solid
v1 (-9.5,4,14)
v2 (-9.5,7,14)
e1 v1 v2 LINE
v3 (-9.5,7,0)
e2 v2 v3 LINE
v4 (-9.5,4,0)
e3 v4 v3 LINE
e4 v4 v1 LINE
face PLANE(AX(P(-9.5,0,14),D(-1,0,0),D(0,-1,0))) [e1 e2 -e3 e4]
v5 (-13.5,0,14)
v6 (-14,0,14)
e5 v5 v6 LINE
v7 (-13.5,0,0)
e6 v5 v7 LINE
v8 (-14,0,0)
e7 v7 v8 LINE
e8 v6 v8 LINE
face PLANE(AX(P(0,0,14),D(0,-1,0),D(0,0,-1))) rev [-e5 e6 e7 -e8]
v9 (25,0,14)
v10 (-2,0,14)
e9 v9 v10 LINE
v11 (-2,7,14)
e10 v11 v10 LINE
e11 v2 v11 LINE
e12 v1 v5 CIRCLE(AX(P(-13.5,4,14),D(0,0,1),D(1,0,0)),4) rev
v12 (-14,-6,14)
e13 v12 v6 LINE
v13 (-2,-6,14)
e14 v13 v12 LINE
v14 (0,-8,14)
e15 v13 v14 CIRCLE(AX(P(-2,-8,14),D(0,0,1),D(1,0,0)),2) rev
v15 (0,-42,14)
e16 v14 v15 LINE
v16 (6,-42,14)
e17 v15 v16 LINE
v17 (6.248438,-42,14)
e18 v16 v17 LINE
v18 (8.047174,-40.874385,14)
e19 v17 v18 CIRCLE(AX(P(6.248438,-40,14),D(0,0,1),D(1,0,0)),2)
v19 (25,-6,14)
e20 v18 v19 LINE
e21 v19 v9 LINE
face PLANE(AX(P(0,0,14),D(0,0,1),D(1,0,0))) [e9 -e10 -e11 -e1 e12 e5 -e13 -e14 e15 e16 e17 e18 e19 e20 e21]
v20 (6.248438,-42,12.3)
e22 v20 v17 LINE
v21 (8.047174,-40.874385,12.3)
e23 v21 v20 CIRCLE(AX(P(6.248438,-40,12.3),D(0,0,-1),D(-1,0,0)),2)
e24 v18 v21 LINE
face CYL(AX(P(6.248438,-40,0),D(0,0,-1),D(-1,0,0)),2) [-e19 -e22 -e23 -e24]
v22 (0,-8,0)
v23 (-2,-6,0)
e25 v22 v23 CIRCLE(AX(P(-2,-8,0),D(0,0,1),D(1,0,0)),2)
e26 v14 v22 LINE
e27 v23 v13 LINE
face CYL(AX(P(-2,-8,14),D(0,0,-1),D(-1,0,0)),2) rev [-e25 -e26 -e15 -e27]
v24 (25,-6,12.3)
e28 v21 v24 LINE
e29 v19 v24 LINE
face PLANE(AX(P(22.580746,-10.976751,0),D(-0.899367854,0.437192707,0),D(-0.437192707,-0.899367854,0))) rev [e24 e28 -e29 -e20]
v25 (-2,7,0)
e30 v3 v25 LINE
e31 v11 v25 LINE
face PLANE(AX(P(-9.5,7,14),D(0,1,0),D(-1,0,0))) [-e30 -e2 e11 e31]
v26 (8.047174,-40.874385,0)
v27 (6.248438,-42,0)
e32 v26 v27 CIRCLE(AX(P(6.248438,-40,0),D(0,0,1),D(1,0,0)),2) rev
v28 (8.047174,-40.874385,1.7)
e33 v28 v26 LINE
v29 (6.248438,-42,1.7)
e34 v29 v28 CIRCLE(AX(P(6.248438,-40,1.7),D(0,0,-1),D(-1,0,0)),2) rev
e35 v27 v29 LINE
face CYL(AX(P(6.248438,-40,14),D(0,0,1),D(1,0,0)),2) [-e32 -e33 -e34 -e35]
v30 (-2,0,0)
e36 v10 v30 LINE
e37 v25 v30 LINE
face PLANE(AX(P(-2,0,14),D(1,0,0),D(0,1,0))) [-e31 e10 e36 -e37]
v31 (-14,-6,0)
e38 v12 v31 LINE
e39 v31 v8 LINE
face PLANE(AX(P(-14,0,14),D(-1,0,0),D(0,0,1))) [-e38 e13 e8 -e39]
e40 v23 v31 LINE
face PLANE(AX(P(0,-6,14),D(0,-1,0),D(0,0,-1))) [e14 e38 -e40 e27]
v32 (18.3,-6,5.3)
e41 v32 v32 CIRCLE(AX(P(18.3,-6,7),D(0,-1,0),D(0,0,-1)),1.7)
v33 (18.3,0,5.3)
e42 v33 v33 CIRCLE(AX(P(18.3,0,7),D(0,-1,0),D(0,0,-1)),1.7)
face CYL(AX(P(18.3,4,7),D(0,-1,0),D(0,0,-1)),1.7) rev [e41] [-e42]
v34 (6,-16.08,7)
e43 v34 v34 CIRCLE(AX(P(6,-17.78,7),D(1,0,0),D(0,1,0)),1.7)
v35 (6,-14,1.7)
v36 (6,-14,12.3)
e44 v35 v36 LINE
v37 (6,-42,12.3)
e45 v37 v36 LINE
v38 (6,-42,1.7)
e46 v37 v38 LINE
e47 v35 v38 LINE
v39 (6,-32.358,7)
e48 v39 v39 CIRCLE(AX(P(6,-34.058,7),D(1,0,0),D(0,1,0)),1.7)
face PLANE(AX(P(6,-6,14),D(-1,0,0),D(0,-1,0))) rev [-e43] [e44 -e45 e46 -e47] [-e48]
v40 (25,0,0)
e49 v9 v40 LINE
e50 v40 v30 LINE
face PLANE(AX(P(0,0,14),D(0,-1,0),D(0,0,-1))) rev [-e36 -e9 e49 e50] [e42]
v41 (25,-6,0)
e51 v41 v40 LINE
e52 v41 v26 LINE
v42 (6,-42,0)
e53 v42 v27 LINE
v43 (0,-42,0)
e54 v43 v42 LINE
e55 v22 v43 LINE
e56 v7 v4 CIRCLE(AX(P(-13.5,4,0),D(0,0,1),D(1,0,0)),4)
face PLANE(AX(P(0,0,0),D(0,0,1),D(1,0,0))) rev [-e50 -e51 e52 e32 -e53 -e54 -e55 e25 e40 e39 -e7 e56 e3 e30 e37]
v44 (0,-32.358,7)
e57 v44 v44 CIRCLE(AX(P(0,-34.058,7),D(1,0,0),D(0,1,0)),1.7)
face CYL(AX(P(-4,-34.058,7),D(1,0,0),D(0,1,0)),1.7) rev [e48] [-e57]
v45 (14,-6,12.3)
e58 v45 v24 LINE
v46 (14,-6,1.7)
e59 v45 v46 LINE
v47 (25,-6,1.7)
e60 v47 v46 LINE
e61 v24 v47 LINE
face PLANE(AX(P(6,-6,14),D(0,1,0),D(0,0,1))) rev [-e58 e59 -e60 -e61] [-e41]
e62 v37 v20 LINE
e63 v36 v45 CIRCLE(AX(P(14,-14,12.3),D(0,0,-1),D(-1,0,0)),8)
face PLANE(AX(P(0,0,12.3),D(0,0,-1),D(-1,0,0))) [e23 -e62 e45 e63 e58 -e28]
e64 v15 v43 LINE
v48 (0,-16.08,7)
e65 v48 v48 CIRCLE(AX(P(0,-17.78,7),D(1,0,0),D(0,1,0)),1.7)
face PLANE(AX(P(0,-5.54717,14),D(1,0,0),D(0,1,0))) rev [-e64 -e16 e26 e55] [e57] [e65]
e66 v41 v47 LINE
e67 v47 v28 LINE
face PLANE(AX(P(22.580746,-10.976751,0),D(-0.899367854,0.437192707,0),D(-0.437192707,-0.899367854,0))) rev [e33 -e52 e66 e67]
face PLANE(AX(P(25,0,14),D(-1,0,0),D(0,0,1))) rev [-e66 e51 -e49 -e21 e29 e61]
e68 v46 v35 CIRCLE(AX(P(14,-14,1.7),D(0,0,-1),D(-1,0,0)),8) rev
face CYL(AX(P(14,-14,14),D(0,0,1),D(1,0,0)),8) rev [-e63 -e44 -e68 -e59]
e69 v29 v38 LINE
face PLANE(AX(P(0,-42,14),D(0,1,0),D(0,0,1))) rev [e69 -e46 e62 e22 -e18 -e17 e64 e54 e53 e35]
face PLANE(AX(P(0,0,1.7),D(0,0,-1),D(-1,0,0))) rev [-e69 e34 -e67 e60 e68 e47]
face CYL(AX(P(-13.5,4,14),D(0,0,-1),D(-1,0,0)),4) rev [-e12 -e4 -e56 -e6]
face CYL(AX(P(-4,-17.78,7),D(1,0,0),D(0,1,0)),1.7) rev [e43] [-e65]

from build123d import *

# Parameters (mm, degrees)
BOSS_EXTRUDE1_DEPTH = 14
SKETCH2_R           = 1.7
CUT_EXTRUDE1_DEPTH  = 10
SKETCH3_R           = 1.7
CUT_EXTRUDE2_DEPTH  = 10
SKETCH14_W          = 14
SKETCH14_H          = 6
BOSS_EXTRUDE3_DEPTH = 14
FILLET8_R           = 2
SKETCH17_W          = 1.5
SKETCH17_H          = 1.7
SKETCH18_W          = 19
SKETCH18_H          = 1.7
SKETCH20_W          = 19
SKETCH20_H          = 1.7
SKETCH19_W          = 1.5
SKETCH19_H          = 1.7
FILLET9_R           = 8
SKETCH21_W          = 7.5
SKETCH21_H          = 7
BOSS_EXTRUDE4_DEPTH = 14
FILLET10_R          = 4
FILLET11_R          = 2
FILLET12_R          = 2


with BuildPart() as part:
    # Sketch1 → Boss-Extrude1 (new body)
    with BuildSketch(Plane.XY):
        Polygon((0, 0), (25, 0), (25, -6), (6, -6), (6, -42), (0, -42), (0, -5.547169811), align=None)
    extrude(amount=BOSS_EXTRUDE1_DEPTH)

    # Sketch2 → Cut-Extrude1 (cut)
    with BuildSketch(Plane(origin=(6, 0, 0), x_dir=(0, 0, -1), z_dir=(1, 0, 0))):
        with Locations((-7, -17.78)):
            Circle(SKETCH2_R)
        with Locations((-7, -34.058)):
            Circle(SKETCH2_R)
    extrude(amount=-CUT_EXTRUDE1_DEPTH, mode=Mode.SUBTRACT)

    # Sketch3 → Cut-Extrude2 (cut)
    with BuildSketch(Plane.XZ.offset(6)):
        with Locations((18.3, 7)):
            Circle(SKETCH3_R)
    extrude(amount=-CUT_EXTRUDE2_DEPTH, mode=Mode.SUBTRACT)

    # Sketch14 → Boss-Extrude3 (add)
    with BuildSketch(Plane(origin=(0, 0, 0), x_dir=(-1, 0, 0), z_dir=(0, 0, -1))):
        with Locations((7, -3)):
            Rectangle(SKETCH14_W, SKETCH14_H)
    extrude(amount=-BOSS_EXTRUDE3_DEPTH)

    # Fillet8
    fillet8_edges = [part.edges().sort_by_distance(p)[0] for p in [
        (0, -6, 7),
    ]]
    fillet(fillet8_edges, radius=FILLET8_R)

    # Sketch17 → Loft2 section 0
    with BuildSketch(Plane.XZ.offset(42)):
        with Locations((6.75, 13.15)):
            Rectangle(SKETCH17_W, SKETCH17_H)
    # Sketch18 → Loft2 section 1
    with BuildSketch(Plane.XZ.offset(6)):
        with Locations((15.5, 13.15)):
            Rectangle(SKETCH18_W, SKETCH18_H)
    loft()

    # Sketch20 → Loft3 section 0
    with BuildSketch(Plane.XZ.offset(6)):
        with Locations((15.5, 0.85)):
            Rectangle(SKETCH20_W, SKETCH20_H)
    # Sketch19 → Loft3 section 1
    with BuildSketch(Plane.XZ.offset(42)):
        with Locations((6.75, 0.85)):
            Rectangle(SKETCH19_W, SKETCH19_H)
    loft()

    # Fillet9
    fillet9_edges = [part.edges().sort_by_distance(p)[0] for p in [
        (6, -6, 7),
    ]]
    fillet(fillet9_edges, radius=FILLET9_R)

    # Sketch21 → Boss-Extrude4 (add)
    with BuildSketch(Plane(origin=(0, 0, 0), x_dir=(-1, 0, 0), z_dir=(0, 0, -1))):
        with Locations((5.75, 3.5)):
            Rectangle(SKETCH21_W, SKETCH21_H)
    extrude(amount=-BOSS_EXTRUDE4_DEPTH)

    # Fillet10
    fillet10_edges = [part.edges().sort_by_distance(p)[0] for p in [
        (-9.5, 0, 7),
    ]]
    fillet(fillet10_edges, radius=FILLET10_R)

    # Fillet11
    fillet11_edges = [part.edges().sort_by_distance(p)[0] for p in [
        (7.5, -42, 0.85),
    ]]
    fillet(fillet11_edges, radius=FILLET11_R)

    # Fillet12
    fillet12_edges = [part.edges().sort_by_distance(p)[0] for p in [
        (7.5, -42, 13.15),
    ]]
    fillet(fillet12_edges, radius=FILLET12_R)


solid = part.part
